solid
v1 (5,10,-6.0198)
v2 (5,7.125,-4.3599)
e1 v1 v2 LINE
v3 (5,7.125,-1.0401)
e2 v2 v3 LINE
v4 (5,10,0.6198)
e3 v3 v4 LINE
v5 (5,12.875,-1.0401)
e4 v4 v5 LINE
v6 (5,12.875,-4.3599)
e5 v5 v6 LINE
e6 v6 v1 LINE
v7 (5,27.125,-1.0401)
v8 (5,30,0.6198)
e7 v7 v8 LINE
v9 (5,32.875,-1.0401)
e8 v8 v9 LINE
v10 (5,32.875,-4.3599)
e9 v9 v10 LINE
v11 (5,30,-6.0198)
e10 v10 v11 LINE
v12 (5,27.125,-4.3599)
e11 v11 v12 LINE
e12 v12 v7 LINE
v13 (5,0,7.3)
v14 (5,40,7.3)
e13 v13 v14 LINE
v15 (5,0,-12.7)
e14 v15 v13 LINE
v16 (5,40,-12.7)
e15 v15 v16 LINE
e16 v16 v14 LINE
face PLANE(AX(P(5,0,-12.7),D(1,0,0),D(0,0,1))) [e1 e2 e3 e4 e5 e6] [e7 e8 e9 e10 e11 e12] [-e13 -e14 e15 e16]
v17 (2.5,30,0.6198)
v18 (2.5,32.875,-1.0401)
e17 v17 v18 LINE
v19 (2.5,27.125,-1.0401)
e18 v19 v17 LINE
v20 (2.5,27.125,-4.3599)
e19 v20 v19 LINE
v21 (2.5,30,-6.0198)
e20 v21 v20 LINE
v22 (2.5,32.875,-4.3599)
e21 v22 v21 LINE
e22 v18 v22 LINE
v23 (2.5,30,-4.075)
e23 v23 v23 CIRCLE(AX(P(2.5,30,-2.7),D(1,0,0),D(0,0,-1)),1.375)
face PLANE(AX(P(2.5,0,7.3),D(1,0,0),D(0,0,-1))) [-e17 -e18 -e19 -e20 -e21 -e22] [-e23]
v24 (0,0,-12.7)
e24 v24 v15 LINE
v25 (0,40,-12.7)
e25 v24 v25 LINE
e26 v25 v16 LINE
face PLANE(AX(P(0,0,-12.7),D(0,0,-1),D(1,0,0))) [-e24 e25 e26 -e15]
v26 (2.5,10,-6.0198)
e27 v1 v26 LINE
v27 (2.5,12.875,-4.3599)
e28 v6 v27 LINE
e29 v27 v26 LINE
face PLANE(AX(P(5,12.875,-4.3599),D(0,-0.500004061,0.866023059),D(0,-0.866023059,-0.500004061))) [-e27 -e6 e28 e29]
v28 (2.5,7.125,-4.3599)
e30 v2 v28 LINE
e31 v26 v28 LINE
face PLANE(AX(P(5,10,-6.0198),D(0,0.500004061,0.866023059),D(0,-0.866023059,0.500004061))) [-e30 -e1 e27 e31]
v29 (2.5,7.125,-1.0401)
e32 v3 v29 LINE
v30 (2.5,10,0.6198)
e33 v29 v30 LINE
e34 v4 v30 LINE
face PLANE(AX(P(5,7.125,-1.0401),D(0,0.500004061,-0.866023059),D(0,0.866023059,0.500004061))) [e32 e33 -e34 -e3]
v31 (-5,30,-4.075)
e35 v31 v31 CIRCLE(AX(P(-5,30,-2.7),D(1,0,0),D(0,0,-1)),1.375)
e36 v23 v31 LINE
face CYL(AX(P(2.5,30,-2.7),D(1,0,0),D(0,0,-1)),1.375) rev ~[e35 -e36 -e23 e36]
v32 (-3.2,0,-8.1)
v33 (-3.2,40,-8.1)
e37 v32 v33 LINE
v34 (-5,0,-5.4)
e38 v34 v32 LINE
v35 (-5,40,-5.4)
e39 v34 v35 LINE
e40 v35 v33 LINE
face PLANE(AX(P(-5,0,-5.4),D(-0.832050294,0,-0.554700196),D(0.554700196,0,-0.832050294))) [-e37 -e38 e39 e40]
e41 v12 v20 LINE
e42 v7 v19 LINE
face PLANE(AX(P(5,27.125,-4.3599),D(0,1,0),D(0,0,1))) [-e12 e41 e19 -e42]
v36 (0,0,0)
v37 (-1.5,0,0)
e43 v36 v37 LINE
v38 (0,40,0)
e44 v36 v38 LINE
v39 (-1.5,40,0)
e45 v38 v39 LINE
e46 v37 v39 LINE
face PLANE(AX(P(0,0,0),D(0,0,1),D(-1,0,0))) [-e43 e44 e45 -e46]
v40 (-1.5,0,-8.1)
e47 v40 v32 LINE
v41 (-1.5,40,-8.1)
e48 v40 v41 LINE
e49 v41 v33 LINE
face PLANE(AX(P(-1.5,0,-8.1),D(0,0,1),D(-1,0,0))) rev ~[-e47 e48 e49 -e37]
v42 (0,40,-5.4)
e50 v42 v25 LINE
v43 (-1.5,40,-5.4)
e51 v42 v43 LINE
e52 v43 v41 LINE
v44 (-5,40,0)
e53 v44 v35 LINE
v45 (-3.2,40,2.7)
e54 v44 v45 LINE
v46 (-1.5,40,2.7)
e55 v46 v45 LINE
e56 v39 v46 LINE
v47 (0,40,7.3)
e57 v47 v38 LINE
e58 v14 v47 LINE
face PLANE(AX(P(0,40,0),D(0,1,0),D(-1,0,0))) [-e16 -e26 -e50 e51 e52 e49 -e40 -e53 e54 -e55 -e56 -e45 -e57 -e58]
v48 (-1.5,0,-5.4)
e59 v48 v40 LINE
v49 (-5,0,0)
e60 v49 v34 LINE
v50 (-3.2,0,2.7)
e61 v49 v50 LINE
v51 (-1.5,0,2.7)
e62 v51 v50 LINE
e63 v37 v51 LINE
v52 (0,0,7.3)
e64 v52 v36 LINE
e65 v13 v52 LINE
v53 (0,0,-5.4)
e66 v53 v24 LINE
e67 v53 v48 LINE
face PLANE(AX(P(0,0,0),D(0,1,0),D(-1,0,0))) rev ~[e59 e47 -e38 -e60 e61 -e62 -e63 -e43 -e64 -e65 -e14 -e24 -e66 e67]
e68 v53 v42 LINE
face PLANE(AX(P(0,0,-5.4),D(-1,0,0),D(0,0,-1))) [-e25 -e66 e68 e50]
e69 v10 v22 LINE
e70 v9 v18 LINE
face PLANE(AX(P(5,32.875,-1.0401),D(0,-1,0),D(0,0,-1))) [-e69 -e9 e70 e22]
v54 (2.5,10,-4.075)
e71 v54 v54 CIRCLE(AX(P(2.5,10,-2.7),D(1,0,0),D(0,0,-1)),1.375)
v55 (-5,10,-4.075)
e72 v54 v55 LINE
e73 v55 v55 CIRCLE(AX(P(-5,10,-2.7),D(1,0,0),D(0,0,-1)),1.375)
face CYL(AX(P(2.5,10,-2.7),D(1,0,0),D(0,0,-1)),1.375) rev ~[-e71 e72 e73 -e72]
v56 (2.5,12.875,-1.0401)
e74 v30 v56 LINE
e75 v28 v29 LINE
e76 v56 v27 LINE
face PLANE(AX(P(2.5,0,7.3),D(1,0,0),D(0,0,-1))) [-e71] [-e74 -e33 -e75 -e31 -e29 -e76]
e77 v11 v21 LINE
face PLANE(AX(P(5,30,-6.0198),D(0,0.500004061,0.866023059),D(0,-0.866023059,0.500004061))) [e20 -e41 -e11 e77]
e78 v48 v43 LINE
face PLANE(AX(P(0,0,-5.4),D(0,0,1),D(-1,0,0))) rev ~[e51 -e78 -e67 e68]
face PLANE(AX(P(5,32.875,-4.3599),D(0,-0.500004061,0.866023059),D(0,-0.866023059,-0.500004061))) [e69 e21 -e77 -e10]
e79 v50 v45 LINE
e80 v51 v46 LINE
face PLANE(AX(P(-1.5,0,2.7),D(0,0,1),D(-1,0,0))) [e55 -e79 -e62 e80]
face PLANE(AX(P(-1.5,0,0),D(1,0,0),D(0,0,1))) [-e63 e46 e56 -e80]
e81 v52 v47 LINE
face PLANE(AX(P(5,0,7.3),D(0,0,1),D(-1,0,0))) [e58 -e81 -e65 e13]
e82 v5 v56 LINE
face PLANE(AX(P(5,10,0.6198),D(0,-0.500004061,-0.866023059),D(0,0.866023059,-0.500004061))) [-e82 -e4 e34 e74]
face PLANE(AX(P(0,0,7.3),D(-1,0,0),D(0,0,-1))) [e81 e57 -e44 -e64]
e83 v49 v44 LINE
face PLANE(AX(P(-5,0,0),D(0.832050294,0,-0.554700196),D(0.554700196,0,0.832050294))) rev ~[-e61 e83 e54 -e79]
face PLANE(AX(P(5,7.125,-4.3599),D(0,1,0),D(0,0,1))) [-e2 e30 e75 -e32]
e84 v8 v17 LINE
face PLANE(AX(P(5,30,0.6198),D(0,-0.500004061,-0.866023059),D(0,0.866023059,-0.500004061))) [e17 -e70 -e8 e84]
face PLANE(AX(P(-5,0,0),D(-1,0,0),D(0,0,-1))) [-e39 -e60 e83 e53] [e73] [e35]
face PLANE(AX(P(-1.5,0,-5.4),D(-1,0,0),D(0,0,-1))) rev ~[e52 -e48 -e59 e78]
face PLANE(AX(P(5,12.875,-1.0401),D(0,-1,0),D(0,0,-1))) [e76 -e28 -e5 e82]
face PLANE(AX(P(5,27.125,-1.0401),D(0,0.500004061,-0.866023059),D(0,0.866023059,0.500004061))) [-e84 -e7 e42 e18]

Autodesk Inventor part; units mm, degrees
ref_plane "YZ Plane" through (0, 0, 0) normal (1, 0, 0) x (0, 1, 0)
ref_plane "XZ Plane" through (0, 0, 0) normal (0, 1, 0) x (-1, 0, 0)
ref_plane "XY Plane" through (0, 0, 0) normal (0, 0, 1) x (1, 0, 0)
sketch "Sketch1" plane through (0, 0, 0) normal (0, 1, 0) x (-1, 0, 0)
  line L0 (0, -5.4) -> (1.5, -5.4)
  line L1 (1.5, -5.4) -> (1.5, -8.1)
  line L2 (1.5, -8.1) -> (3.2, -8.1)
  line L3 (0, 0) -> (1.5, 0)
  line L4 (1.5, 0) -> (1.5, 2.7)
  line L5 (1.5, 2.7) -> (3.2, 2.7)
  line L6 (5, 0) -> (5, -5.4)
  line L7 (5, -5.4) -> (3.2, -8.1)
  line L8 (5, 0) -> (3.2, 2.7)
  line L9 (0, -5.4) -> (0, -12.7)
  line L10 (0, -12.7) -> (-5, -12.7)
  line L11 (-5, -12.7) -> (-5, 7.3)
  line L12 (-5, 7.3) -> (0, 7.3)
  line L13 (0, 7.3) -> (0, 0)
  dimension "d0" = 5.4
  dimension "d1" = 1.5
  dimension "d2" = 2.7
  dimension "d3" = 1.7
  dimension "d4" = 2.7
  dimension "d5" = 1.7
  dimension "d9" = 5
  dimension "d10" = 20
  dimension "d11" = 7.3
extrude "Extrusion1" add sketch "Sketch1" along normal blind 40
sketch "Sketch2" plane through (5, 0, 7.3) normal (1, 0, 0) x (0, 0, -1)
  line L0 (11.6599, 7.125) -> (8.3401, 7.125)
  line L1 (8.3401, 7.125) -> (6.6802, 10)
  line L2 (6.6802, 10) -> (8.3401, 12.875)
  line L3 (8.3401, 12.875) -> (11.6599, 12.875)
  line L4 (11.6599, 12.875) -> (13.3198, 10)
  line L5 (13.3198, 10) -> (11.6599, 7.125)
  line L6 (20, 0) -> (0, 0) projected
  line L7 (0, 0) -> (0, 40) projected
  line L8 (11.6599, 27.125) -> (8.3401, 27.125)
  line L9 (8.3401, 27.125) -> (6.6802, 30)
  line L10 (6.6802, 30) -> (8.3401, 32.875)
  line L11 (8.3401, 32.875) -> (11.6599, 32.875)
  line L12 (11.6599, 32.875) -> (13.3198, 30)
  line L13 (13.3198, 30) -> (11.6599, 27.125)
  line L14 (0, 40) -> (20, 40) projected
  point P0 (7.3, 0)
  point P1 (10, 10)
  point P2 (10, 30)
  dimension "d12" = 5.75
  dimension "d13" = 10
  dimension "d14" = 10
  dimension "d15" = 5.75
  dimension "d16" = 10
  dimension "d17" = 10
extrude "Extrusion2" cut sketch "Sketch2" against normal blind 2.5
sketch "Sketch3" plane through (2.5, 0, 7.3) normal (1, 0, 0) x (0, 0, -1)
  point P0 (7.3, 0)
sketch "Sketch4" plane through (2.5, 0, 7.3) normal (1, 0, 0) x (0, 0, -1)
  circle A0 centre (10, 10) radius 1.375
  circle A1 centre (10, 30) radius 1.375
  point P0 (7.3, 0)
  dimension "d20" = 2.75
  dimension "d21" = 2.75
extrude "Extrusion3" cut sketch "Sketch4" against normal blind 20
properties part number "slotMountingPlate"
